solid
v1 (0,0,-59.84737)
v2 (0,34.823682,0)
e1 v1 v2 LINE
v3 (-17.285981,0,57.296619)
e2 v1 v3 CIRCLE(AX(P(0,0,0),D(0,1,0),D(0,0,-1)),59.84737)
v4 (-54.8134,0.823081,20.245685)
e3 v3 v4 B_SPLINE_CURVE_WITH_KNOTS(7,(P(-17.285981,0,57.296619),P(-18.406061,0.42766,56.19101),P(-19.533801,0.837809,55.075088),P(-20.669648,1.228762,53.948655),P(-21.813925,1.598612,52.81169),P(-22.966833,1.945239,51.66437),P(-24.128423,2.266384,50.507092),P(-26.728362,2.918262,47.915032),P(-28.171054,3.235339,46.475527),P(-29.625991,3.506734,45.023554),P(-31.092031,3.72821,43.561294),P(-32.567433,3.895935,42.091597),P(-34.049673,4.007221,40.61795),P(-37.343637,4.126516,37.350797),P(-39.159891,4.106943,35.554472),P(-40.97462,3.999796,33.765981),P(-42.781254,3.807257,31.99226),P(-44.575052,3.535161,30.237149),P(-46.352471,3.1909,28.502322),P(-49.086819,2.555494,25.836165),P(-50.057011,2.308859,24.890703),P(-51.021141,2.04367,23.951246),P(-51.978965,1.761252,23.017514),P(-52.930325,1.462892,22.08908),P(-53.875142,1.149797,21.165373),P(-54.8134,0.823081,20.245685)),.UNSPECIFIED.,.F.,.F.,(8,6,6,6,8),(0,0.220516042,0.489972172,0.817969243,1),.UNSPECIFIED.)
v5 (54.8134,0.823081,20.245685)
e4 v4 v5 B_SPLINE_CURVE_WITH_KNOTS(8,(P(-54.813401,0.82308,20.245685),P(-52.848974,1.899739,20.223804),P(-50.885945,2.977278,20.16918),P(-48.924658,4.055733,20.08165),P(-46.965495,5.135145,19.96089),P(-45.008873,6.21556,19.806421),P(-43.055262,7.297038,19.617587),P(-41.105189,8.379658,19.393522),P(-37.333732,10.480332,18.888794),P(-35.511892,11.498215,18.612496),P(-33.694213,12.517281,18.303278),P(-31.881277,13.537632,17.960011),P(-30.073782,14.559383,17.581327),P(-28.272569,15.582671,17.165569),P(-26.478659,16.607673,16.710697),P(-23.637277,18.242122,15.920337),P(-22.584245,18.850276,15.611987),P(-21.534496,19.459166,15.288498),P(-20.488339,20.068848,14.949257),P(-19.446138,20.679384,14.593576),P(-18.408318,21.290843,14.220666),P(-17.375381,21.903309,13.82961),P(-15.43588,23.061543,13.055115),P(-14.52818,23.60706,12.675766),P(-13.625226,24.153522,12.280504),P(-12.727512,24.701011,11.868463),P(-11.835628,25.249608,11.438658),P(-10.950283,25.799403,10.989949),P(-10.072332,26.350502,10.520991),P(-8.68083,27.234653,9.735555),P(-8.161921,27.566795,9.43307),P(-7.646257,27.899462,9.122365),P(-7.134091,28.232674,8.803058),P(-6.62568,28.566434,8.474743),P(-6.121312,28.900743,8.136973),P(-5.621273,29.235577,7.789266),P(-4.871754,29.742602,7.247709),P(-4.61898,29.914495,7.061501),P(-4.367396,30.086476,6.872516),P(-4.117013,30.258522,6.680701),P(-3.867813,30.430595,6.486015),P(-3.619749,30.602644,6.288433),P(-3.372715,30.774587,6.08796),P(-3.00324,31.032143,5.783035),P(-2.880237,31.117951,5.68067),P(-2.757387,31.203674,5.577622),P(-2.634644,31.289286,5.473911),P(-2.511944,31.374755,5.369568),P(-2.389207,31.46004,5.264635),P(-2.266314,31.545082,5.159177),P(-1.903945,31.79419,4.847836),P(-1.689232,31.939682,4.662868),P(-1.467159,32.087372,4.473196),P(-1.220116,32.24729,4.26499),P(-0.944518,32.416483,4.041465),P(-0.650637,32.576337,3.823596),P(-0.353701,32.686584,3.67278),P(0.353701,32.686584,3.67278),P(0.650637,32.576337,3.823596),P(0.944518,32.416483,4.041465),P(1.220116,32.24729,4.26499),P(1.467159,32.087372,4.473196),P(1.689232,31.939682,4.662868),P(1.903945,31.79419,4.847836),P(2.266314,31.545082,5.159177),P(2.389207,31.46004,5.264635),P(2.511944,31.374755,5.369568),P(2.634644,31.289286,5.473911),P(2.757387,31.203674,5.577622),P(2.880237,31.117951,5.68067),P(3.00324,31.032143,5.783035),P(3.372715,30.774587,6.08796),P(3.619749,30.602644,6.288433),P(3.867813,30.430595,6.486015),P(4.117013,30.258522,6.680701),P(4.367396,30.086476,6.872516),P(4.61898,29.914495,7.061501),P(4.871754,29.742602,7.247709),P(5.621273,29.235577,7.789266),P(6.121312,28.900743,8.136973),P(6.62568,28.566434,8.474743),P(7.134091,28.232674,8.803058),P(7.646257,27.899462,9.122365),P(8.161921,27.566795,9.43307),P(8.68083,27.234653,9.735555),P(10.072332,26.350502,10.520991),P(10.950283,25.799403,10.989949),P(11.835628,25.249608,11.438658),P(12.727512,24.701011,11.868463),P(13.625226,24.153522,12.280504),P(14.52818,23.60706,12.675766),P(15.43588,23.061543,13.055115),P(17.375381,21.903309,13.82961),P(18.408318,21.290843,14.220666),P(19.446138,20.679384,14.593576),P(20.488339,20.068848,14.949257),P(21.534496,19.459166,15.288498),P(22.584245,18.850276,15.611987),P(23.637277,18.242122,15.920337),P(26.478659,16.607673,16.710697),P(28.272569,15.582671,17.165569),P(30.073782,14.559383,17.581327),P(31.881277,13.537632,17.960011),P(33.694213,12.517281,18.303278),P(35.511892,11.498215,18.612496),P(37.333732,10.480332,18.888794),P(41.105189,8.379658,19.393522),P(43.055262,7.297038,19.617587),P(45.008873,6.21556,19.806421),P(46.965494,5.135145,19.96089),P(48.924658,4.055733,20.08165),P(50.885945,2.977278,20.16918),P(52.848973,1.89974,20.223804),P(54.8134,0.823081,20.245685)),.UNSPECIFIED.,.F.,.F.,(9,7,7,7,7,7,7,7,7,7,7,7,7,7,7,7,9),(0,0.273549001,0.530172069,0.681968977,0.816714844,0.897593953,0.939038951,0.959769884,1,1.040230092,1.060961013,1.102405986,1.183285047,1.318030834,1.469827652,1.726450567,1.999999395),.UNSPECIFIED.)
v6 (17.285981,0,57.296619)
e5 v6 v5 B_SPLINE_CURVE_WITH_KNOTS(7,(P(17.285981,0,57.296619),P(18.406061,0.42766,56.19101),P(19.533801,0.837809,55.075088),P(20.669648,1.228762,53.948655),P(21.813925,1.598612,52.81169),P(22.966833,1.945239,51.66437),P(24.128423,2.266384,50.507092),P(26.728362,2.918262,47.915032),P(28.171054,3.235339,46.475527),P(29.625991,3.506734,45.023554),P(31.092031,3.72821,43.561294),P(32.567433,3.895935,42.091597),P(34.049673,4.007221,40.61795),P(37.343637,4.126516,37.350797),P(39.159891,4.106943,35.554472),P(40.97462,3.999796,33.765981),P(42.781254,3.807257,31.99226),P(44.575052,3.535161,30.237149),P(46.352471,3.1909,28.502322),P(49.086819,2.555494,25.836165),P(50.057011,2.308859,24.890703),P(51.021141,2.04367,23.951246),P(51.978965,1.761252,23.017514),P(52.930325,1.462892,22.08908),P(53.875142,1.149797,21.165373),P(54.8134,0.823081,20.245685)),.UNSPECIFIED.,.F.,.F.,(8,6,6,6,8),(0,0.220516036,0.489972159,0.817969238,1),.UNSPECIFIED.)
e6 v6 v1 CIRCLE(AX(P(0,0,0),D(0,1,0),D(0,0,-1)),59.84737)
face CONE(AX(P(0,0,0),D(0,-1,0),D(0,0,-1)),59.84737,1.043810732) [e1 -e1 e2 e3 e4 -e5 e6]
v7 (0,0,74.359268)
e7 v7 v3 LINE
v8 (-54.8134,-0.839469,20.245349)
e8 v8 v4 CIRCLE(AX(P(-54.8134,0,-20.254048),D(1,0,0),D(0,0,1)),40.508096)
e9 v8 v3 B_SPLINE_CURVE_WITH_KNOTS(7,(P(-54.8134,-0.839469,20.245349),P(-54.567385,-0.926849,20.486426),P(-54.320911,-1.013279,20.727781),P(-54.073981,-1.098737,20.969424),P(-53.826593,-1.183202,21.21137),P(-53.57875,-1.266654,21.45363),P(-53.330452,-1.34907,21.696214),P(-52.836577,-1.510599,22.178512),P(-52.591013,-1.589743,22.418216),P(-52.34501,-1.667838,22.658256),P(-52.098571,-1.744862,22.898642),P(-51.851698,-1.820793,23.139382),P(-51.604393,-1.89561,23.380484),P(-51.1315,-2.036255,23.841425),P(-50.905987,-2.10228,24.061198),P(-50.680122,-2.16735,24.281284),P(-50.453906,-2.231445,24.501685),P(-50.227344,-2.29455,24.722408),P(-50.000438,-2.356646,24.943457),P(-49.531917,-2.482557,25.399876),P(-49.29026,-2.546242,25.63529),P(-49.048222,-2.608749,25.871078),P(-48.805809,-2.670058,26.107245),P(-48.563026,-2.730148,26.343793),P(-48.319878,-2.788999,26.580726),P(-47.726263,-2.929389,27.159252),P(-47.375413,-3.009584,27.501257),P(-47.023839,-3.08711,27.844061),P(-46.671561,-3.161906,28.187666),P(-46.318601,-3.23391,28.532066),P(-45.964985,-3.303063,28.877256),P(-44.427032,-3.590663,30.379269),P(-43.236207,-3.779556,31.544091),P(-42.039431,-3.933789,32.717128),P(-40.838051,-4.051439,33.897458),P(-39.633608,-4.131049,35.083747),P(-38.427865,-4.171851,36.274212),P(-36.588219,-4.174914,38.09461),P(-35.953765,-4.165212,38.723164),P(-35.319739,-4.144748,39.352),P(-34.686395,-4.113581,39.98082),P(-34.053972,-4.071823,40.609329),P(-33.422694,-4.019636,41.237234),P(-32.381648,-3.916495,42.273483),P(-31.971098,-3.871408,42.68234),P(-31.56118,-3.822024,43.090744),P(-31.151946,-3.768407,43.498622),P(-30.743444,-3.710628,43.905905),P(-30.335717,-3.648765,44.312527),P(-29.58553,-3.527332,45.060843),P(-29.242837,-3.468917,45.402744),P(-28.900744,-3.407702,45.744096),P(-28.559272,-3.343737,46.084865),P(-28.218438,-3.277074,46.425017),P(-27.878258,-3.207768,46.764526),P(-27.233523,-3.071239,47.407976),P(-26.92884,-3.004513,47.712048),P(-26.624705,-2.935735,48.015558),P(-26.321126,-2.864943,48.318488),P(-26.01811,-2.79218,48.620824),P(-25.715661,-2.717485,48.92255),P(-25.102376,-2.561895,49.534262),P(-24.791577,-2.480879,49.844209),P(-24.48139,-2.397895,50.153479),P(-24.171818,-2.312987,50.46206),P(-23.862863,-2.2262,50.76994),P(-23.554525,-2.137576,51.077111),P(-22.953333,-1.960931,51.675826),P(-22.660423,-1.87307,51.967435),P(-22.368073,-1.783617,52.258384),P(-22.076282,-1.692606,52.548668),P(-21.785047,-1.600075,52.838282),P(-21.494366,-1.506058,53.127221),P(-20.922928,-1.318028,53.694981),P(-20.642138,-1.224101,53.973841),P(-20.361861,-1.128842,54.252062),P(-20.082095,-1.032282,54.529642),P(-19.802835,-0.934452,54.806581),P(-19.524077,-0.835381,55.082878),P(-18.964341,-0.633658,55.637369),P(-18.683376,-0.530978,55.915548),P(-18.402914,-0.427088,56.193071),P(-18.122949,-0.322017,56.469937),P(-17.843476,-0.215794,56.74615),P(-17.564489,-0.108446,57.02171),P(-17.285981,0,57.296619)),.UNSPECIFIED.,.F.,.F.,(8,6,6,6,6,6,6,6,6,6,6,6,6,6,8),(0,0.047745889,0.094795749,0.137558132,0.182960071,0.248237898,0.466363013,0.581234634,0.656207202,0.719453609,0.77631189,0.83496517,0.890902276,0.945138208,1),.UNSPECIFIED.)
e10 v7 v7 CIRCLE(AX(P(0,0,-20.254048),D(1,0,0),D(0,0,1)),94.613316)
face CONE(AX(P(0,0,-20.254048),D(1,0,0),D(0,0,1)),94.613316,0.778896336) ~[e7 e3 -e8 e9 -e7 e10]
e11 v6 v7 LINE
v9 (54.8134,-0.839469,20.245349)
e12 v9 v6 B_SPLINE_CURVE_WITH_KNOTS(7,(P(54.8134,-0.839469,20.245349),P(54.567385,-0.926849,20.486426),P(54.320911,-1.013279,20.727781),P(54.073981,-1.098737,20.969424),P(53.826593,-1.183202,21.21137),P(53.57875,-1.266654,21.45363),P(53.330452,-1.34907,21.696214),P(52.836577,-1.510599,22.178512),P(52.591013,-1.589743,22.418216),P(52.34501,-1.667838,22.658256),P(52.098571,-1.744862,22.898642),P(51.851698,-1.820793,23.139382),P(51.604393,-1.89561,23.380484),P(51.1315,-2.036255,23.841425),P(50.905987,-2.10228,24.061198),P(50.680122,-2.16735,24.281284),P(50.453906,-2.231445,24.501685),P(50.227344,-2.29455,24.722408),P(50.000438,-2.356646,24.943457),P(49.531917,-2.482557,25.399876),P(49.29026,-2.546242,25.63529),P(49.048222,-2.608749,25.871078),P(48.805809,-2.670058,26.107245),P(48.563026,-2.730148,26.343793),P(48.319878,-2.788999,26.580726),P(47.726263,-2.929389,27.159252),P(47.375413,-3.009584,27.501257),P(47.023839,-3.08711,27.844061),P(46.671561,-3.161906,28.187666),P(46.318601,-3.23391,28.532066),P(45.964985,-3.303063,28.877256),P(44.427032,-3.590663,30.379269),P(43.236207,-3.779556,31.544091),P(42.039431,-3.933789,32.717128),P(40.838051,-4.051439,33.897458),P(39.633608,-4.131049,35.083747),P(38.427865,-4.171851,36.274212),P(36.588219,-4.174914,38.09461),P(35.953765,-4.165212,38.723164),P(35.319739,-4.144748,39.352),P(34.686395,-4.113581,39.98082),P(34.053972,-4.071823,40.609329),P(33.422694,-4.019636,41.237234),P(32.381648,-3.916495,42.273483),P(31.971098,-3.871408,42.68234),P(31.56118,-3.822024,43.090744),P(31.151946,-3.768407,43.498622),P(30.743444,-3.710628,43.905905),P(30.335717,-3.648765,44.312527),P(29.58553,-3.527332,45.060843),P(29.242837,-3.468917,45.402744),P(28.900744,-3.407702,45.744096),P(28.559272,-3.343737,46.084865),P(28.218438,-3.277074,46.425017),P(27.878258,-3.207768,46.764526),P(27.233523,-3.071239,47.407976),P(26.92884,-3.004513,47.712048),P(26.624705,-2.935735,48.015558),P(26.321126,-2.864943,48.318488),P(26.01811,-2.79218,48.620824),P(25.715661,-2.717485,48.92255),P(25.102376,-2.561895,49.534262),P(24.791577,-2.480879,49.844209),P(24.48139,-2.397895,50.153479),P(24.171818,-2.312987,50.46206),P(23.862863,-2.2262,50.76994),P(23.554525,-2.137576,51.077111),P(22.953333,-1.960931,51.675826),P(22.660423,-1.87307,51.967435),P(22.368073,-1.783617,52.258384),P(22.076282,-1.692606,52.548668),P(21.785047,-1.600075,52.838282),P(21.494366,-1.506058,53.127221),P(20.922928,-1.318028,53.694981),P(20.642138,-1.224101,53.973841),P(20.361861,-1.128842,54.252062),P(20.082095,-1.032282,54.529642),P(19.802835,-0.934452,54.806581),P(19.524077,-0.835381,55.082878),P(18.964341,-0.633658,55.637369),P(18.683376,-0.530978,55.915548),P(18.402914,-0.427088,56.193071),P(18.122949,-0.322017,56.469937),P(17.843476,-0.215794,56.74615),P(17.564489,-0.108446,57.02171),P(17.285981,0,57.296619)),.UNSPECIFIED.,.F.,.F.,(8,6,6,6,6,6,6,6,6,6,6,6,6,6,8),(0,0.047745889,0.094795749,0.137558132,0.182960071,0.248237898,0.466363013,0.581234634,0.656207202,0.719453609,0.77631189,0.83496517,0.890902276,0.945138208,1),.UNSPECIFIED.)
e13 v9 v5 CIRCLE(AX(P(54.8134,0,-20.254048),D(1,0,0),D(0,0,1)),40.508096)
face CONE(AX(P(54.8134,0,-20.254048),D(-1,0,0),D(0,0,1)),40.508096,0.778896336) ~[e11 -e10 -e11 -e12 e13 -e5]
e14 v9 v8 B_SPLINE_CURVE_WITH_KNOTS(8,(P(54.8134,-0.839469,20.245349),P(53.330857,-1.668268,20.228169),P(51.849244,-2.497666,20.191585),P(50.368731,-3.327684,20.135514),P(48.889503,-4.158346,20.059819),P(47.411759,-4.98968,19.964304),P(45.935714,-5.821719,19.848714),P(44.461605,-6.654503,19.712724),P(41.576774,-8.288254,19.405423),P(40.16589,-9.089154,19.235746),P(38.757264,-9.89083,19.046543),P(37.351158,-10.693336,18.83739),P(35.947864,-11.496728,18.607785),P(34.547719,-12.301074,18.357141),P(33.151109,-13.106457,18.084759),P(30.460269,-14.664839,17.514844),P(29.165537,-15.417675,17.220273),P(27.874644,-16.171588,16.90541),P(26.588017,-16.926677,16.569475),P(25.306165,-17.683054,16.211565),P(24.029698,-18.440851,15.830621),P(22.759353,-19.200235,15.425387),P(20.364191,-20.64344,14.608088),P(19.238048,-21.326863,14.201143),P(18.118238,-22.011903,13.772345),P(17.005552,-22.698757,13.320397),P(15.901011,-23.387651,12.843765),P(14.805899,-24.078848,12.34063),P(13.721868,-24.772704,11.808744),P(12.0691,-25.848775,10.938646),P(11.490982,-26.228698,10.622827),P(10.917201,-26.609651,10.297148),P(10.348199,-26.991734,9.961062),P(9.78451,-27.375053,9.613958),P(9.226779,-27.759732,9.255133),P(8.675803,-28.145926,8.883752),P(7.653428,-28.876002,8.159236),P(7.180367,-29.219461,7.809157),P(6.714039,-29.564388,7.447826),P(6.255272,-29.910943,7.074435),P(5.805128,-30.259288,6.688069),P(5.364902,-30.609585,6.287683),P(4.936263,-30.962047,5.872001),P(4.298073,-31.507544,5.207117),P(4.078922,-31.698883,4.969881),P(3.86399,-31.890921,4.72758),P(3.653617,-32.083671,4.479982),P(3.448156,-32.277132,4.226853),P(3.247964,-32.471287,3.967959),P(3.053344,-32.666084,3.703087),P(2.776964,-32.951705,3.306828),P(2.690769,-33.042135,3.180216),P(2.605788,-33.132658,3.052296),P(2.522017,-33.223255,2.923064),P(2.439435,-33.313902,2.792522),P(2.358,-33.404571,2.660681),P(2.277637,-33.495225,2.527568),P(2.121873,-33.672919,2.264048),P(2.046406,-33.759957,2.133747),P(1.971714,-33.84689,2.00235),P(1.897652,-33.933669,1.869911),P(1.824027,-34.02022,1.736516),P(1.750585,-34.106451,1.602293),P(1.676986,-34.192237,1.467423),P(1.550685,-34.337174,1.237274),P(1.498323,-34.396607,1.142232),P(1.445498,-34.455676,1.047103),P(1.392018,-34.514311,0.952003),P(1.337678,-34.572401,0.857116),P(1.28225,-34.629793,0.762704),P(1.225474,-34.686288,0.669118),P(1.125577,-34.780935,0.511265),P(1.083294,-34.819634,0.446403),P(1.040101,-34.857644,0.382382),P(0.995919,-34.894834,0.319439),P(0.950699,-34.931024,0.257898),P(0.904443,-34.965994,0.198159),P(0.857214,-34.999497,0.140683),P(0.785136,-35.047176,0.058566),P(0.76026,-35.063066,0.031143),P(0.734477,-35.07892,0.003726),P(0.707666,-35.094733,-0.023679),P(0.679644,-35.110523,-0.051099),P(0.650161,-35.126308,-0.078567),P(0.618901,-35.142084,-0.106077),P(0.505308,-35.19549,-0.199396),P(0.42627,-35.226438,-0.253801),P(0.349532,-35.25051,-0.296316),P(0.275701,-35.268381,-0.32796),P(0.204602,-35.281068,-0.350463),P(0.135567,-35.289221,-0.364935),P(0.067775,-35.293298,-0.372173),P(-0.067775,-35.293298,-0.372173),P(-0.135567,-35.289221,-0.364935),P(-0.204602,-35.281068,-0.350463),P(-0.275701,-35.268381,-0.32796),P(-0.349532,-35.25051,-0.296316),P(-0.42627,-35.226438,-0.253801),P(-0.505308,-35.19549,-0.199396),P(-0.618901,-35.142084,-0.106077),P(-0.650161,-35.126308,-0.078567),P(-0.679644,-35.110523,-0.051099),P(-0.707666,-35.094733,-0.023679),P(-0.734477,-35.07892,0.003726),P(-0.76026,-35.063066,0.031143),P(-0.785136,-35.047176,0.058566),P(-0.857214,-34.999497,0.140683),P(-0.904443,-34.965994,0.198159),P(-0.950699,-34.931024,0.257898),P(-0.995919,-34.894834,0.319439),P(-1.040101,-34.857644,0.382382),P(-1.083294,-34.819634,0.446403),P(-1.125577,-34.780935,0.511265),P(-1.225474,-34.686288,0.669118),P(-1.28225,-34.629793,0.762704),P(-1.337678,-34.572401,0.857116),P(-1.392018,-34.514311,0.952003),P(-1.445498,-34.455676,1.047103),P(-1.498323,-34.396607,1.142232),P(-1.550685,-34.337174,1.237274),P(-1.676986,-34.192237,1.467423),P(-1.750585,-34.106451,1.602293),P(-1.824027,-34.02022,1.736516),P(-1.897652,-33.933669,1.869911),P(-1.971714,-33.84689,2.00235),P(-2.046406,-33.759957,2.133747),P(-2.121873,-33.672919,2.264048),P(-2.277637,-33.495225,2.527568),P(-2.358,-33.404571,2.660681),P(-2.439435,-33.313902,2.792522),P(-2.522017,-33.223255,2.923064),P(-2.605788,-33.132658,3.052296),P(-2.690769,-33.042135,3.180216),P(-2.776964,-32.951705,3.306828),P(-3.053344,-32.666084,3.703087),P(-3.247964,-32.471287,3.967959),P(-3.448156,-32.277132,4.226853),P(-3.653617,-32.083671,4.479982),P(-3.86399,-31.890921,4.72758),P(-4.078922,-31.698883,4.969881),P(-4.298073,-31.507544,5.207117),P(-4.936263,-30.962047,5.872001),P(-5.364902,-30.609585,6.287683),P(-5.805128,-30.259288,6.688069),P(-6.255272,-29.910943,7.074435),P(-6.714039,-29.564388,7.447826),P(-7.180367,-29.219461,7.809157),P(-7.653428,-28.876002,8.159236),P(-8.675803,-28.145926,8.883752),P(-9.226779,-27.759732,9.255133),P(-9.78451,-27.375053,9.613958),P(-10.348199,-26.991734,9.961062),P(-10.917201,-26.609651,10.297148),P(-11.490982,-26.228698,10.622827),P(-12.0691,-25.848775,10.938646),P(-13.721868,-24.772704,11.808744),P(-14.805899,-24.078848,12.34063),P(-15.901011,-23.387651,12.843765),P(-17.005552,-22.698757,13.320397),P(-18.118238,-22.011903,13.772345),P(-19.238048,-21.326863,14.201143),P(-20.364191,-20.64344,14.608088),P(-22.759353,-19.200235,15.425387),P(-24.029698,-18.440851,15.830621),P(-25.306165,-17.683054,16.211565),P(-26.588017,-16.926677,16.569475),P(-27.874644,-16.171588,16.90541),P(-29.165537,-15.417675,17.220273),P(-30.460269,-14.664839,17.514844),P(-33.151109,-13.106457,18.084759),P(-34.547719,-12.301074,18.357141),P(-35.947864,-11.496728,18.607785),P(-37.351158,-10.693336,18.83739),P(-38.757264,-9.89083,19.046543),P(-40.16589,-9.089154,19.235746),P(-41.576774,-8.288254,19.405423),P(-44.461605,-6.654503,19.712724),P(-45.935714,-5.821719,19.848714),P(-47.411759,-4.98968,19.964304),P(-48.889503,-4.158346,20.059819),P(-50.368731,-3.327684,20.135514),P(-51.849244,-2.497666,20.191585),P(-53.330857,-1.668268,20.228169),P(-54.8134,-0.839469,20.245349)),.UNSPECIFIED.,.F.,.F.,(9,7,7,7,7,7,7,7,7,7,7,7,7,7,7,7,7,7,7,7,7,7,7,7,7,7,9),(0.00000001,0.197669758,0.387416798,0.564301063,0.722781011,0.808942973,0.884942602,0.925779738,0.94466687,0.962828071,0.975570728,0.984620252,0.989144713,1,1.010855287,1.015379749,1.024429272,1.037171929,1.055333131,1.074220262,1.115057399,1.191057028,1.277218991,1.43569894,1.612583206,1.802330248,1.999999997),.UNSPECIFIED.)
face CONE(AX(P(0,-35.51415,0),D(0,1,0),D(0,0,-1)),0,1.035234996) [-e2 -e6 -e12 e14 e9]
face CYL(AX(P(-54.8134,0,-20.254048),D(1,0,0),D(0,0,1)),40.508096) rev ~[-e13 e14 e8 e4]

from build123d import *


with BuildPart() as f1:
    # F0 (on Front) → F1 (revolve)
    with BuildSketch(Plane.XZ):
        Polygon((0, 74.359268), (-54.8134, 20.254048), (54.8134, 20.254048), align=None)
    revolve(axis=Axis((0, 0, -20.254048), (1, 0, 0)))

    # F2 (on Right) → F3 (revolve)
    with BuildSketch(Plane.YZ):
        Polygon((0, -59.84737), (34.823682, 0), (-35.51415, 0), align=None)
    revolve(axis=Axis((0, -0.345234, 0), (0, 1, 0)))


solid = f1.part
